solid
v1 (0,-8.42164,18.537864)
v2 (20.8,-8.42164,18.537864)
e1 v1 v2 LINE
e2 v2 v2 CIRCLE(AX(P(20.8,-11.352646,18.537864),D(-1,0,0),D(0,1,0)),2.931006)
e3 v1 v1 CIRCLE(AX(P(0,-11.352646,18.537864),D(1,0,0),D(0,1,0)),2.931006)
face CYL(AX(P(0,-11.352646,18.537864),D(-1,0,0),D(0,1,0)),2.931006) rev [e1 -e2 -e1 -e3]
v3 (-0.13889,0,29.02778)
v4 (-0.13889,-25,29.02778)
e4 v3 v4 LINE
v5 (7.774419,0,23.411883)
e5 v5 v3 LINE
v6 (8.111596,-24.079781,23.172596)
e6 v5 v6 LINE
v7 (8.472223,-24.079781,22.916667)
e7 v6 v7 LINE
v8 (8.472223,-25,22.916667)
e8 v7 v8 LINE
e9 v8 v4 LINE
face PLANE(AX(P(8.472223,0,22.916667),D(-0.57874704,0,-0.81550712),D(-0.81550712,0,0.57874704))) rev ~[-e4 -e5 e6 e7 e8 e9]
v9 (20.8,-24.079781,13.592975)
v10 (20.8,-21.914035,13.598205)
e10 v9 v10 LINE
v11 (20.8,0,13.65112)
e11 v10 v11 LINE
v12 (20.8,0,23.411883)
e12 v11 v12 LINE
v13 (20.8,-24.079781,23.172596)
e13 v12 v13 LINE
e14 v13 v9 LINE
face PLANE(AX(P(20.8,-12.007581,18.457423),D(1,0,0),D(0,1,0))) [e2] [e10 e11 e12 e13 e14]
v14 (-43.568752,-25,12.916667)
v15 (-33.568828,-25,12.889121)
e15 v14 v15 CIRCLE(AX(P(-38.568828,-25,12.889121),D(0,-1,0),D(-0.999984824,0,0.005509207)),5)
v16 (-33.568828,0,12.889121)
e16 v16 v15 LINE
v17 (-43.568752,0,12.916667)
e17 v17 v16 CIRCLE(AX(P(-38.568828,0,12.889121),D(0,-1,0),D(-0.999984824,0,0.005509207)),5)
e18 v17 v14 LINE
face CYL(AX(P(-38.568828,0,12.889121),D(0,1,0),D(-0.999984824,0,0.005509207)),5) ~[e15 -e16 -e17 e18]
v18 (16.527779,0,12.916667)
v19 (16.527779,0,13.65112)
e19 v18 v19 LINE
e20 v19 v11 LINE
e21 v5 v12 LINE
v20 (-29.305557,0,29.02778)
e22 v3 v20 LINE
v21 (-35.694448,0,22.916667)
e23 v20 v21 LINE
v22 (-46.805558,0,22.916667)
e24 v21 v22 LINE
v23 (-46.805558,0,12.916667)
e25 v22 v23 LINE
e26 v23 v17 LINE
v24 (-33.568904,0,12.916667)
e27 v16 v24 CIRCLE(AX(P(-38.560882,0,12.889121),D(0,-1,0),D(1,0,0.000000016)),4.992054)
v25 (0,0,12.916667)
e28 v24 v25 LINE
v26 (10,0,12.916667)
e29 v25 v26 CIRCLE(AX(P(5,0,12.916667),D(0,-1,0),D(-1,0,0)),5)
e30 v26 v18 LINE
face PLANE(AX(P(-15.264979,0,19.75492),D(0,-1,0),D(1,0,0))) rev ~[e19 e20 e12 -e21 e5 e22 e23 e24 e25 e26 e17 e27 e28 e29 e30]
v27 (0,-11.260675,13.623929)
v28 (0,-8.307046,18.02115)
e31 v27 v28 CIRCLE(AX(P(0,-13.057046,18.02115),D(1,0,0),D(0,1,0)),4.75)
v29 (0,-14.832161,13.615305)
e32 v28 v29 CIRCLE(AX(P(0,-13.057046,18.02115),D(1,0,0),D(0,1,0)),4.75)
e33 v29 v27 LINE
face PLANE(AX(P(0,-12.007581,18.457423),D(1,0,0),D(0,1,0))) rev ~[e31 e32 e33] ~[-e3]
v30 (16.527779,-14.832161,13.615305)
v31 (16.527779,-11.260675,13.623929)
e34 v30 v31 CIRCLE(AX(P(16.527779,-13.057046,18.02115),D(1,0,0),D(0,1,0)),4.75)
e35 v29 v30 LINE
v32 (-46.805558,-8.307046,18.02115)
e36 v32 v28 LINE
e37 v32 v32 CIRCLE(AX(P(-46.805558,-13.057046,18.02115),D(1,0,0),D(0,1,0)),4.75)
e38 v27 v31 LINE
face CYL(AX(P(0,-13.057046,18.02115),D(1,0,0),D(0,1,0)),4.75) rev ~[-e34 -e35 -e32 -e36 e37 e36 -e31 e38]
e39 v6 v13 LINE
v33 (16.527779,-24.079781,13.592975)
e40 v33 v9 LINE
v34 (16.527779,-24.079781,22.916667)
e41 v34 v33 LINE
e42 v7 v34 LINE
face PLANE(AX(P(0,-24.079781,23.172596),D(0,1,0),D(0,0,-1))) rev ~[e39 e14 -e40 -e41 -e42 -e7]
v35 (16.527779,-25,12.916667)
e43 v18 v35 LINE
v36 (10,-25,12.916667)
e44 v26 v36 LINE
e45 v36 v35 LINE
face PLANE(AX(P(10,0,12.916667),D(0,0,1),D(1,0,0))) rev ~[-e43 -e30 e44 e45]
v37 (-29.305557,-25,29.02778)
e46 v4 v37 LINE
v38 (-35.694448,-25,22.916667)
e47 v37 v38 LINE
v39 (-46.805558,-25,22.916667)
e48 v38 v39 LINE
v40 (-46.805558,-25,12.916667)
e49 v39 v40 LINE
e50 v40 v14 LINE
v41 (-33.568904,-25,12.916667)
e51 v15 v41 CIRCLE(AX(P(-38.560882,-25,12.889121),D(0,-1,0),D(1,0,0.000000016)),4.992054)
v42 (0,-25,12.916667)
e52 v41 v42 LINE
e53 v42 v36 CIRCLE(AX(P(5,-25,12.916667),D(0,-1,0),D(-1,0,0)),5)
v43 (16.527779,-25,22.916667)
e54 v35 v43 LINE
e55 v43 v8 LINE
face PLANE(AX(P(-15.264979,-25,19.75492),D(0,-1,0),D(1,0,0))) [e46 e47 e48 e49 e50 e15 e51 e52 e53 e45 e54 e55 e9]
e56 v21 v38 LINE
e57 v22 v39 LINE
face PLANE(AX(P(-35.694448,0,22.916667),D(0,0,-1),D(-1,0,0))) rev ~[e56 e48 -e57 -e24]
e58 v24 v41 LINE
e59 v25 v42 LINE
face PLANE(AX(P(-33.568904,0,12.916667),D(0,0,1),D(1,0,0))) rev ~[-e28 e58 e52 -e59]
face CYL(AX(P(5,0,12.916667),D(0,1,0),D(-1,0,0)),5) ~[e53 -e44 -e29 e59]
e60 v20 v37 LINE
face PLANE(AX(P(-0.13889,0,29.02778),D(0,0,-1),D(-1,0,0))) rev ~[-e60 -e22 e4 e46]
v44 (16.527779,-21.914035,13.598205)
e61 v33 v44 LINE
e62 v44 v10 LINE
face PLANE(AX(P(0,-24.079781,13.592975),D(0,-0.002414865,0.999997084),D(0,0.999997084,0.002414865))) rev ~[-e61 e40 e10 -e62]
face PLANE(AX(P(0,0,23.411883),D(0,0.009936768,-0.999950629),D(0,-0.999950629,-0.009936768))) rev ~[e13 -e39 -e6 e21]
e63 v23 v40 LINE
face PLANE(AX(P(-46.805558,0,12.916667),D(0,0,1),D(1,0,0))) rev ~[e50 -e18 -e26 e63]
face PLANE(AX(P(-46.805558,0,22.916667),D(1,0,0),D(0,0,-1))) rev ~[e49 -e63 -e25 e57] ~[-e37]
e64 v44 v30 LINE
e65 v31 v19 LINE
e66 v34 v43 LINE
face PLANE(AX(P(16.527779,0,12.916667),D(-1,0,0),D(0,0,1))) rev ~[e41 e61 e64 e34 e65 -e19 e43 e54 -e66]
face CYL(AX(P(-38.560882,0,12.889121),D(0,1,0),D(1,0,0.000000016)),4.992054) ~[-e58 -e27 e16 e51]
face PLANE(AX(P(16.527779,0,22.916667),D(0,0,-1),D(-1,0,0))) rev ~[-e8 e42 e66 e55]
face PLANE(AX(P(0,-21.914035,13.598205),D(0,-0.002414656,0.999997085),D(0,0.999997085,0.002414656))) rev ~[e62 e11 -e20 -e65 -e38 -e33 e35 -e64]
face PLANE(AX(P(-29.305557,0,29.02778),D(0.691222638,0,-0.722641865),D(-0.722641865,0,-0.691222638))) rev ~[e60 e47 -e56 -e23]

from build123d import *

# Parameters (mm, degrees)
F1_DEPTH = 25
F2_R     = 4.75
F3_DEPTH = 51.2
F5_DEPTH = 20.8
F6_R     = 2.931006
F7_DEPTH = 45.7


with BuildPart() as f1:
    # F0 (on Front) → F1 (new body)
    with BuildSketch(Plane.XZ):
        with BuildLine():
            Line((-46.805558, 22.916667), (-46.805558, 12.916667))
            Line((-46.805558, 12.916667), (-43.568752, 12.916667))
            ThreePointArc((-43.568752, 12.916667), (-38.568828, 17.889121), (-33.568904, 12.916667))
            Line((-33.568904, 12.916667), (-29.305557, 12.916667))
            Line((-29.305557, 12.916667), (0, 12.916667))
            ThreePointArc((0, 12.916667), (5, 17.916667), (10, 12.916667))
            Line((10, 12.916667), (16.527779, 12.916667))
            Line((16.527779, 12.916667), (16.527779, 22.916667))
            Line((16.527779, 22.916667), (8.472223, 22.916667))
            Line((8.472223, 22.916667), (-0.13889, 29.02778))
            Line((-0.13889, 29.02778), (-29.305557, 29.02778))
            Line((-29.305557, 29.02778), (-35.694448, 22.916667))
            Line((-35.694448, 22.916667), (-46.805558, 22.916667))
        make_face()
        with BuildLine():
            ThreePointArc((-33.568904, 12.916667), (-38.568828, 17.889121), (-43.568752, 12.916667))
            ThreePointArc((-43.568752, 12.916667), (-38.582602, 7.88914), (-33.568828, 12.889121))
            ThreePointArc((-33.568828, 12.889121), (-33.568847, 12.902894), (-33.568904, 12.916667))
        make_face()
        with BuildLine():
            ThreePointArc((10, 12.916667), (5, 17.916667), (0, 12.916667))
            ThreePointArc((0, 12.916667), (5, 7.916667), (10, 12.916667))
        make_face()
    extrude(amount=F1_DEPTH)

    # F2 (on Right) → F3 (cut, symmetric)
    with BuildSketch(Plane.YZ):
        with Locations((-13.057046, 18.02115)):
            Circle(F2_R)
    extrude(amount=F3_DEPTH, both=True, mode=Mode.SUBTRACT)

    # F4 (on Right) → F5 (join)
    with BuildSketch(Plane.YZ):
        Polygon((0, 23.411883), (-24.079781, 23.172596), (-24.079781, 13.592975), (-21.914035, 13.598205), (0, 13.65112), align=None)
    extrude(amount=F5_DEPTH)

    # F6 (on Right) → F7 (cut)
    with BuildSketch(Plane.YZ):
        with Locations((-11.352646, 18.537864)):
            Circle(F6_R)
    extrude(amount=F7_DEPTH, mode=Mode.SUBTRACT)


solid = f1.part
